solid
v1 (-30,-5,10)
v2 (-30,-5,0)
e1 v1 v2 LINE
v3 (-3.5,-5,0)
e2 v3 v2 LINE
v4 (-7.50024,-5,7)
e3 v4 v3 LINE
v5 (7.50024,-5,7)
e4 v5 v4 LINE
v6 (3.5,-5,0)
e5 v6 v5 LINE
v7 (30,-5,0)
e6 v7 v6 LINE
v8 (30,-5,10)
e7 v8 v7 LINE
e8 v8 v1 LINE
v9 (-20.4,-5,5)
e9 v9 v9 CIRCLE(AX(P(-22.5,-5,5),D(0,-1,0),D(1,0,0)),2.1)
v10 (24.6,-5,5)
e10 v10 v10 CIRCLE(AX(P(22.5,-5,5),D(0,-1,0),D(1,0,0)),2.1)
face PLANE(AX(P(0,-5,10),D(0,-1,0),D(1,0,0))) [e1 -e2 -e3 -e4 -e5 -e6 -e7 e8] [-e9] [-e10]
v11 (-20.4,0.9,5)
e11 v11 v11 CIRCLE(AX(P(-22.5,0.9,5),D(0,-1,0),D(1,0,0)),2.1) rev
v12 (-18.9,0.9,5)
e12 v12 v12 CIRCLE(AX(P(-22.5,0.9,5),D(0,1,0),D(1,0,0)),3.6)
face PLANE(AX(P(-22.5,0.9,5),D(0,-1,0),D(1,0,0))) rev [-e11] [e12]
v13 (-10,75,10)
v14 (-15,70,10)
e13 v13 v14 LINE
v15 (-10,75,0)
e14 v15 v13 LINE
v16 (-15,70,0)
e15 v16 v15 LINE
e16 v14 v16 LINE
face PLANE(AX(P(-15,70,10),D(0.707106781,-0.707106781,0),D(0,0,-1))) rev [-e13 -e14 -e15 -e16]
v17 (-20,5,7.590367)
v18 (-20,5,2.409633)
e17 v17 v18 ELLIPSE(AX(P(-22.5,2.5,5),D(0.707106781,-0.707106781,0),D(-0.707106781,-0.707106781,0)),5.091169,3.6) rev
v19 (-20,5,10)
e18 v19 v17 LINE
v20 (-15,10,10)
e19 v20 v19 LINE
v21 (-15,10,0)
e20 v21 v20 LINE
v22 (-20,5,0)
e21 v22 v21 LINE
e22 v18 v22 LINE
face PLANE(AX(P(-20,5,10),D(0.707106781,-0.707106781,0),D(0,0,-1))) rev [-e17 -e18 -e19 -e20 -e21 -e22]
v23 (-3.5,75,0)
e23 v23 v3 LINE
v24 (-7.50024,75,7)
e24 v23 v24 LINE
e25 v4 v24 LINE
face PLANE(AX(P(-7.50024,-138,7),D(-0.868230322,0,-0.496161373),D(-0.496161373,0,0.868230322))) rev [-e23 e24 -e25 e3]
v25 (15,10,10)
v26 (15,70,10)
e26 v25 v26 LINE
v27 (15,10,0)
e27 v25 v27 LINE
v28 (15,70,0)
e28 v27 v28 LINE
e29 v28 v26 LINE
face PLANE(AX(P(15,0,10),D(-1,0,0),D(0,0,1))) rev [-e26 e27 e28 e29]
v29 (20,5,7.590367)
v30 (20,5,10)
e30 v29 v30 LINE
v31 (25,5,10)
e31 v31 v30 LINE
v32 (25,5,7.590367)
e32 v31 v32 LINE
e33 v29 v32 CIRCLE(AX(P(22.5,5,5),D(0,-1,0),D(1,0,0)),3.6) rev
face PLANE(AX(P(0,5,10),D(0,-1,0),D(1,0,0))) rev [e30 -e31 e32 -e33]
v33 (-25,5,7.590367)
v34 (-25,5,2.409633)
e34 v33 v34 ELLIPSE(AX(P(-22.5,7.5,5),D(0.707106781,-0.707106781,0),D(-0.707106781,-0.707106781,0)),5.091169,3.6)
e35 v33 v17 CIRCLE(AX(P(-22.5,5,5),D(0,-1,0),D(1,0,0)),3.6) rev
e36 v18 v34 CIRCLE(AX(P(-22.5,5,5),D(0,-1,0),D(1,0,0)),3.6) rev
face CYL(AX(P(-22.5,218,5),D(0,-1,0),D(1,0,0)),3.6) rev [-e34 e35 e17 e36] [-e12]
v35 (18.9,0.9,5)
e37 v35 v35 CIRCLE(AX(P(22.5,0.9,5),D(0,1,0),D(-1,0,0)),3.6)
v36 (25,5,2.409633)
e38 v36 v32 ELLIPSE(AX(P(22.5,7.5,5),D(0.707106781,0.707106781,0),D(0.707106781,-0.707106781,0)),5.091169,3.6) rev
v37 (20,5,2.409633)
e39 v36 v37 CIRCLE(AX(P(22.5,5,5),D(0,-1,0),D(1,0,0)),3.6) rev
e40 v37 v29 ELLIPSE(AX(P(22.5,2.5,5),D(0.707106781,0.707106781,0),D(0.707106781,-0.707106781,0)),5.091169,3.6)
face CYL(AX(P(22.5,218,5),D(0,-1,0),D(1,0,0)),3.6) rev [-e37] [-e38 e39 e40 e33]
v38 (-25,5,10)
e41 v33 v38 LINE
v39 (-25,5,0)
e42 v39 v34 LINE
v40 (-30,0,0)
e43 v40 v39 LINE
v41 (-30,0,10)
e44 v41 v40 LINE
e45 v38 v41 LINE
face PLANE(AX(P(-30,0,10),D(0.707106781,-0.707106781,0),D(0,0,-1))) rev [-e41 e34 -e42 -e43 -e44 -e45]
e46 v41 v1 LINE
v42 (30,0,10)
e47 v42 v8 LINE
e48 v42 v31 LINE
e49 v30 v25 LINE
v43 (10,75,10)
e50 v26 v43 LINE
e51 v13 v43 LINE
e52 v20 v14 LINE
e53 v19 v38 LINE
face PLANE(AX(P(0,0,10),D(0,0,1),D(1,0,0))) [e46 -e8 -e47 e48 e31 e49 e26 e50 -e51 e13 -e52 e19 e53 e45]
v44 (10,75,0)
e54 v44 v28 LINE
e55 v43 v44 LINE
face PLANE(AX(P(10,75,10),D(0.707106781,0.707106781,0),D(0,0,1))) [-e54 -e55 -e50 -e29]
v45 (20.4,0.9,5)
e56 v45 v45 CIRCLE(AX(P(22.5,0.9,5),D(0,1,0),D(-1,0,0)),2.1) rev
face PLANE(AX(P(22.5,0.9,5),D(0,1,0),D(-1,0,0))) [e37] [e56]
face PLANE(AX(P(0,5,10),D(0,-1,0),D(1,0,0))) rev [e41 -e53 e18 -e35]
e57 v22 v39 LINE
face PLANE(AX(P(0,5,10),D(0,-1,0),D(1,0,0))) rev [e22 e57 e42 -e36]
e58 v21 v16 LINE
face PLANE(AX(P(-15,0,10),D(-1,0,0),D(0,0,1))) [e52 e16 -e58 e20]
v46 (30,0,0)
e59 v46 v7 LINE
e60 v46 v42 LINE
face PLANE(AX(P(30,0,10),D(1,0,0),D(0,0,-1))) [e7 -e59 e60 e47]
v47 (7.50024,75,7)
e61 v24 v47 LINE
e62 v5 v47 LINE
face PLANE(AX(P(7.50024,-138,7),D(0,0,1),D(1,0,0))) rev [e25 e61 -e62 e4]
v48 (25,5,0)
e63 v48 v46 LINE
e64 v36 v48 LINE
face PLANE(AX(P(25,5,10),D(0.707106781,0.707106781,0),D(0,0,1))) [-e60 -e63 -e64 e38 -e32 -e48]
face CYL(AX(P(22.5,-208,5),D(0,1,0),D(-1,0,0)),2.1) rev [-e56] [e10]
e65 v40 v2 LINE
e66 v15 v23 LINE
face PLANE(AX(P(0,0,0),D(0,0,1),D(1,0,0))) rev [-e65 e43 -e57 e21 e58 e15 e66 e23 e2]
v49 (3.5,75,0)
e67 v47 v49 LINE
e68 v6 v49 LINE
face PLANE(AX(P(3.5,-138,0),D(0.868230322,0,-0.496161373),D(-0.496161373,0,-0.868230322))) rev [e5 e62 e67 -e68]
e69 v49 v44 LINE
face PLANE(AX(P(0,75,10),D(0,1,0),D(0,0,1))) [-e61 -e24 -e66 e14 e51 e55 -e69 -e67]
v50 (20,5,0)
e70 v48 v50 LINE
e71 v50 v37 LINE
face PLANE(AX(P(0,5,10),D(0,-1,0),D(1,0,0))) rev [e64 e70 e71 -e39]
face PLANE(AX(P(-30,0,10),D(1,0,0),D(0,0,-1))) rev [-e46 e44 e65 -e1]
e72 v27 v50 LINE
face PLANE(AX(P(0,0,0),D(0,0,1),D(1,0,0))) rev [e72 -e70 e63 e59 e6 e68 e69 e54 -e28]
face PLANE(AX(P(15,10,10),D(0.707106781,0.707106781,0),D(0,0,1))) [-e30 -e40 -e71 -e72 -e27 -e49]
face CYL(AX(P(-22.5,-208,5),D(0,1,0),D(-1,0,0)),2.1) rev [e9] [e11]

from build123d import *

# Parameters (mm, degrees)
SKETCH1_W               = 30
SKETCH1_H               = 70
SKETCH1_W_2             = 15
SKETCH1_H_2             = 10
BOSS_EXTRUDE1_DEPTH     = 10
CHAMFER1_SIZE           = 5
CUT_EXTRUDE1_DEPTH      = 213
SKETCH3_R               = 2.1
CUT_EXTRUDE2_DEPTH      = 213
CUT_EXTRUDE3_DEPTH      = 213
CUT_EXTRUDE3_DEPTH_BACK = 4.1
SKETCH4_R               = 3.6


with BuildPart() as part:
    # Sketch1 → Boss-Extrude1 (new body)
    with BuildSketch(Plane.XY):
        with Locations((0, 40)):
            Rectangle(SKETCH1_W, SKETCH1_H)
        with Locations((22.5, 0)):
            Rectangle(SKETCH1_W_2, SKETCH1_H_2)
        Rectangle(SKETCH1_W, SKETCH1_H_2)
        with Locations((-22.5, 0)):
            Rectangle(SKETCH1_W_2, SKETCH1_H_2)
    extrude(amount=BOSS_EXTRUDE1_DEPTH)

    # Chamfer1
    chamfer1_edges = [part.edges().sort_by_distance(p)[0] for p in [
        (-15, 75, 5),
        (15, 75, 5),
        (15, 5, 5),
        (30, 5, 5),
        (-30, 5, 5),
        (-15, 5, 5),
    ]]
    chamfer(chamfer1_edges, length=CHAMFER1_SIZE)

    # Sketch2 → Cut-Extrude1 (cut)
    with BuildSketch(Plane(origin=(0, 75, 0), x_dir=(1, 0, 0), z_dir=(0, 1, 0))):
        Polygon((7.500239939, -7), (-7.500239939, -7), (-3.5, 0), (3.5, 0), align=None)
    extrude(amount=-CUT_EXTRUDE1_DEPTH, mode=Mode.SUBTRACT)

    # Sketch3 → Cut-Extrude2 (cut)
    with BuildSketch(Plane(origin=(0, 5, 0), x_dir=(1, 0, 0), z_dir=(0, 1, 0))):
        with Locations(Location((22.5, -5, 0), (0, 0, 180))):
            Circle(SKETCH3_R)
        with Locations((-22.5, -5)):
            Circle(SKETCH3_R)
    extrude(amount=-CUT_EXTRUDE2_DEPTH, mode=Mode.SUBTRACT)

    # Sketch4 → Cut-Extrude3 (cut, two sides: drawn at the far end of the back side and taken through both)
    with BuildSketch(Plane(origin=(0, 5, 0), x_dir=(1, 0, 0), z_dir=(0, 1, 0)).offset(-CUT_EXTRUDE3_DEPTH_BACK)):
        with Locations(Location((22.5, -5, 0), (0, 0, 46.01703687))):
            Circle(SKETCH4_R)
        with Locations((-22.5, -5)):
            Circle(SKETCH4_R)
    extrude(amount=CUT_EXTRUDE3_DEPTH + CUT_EXTRUDE3_DEPTH_BACK, mode=Mode.SUBTRACT)


solid = part.part
